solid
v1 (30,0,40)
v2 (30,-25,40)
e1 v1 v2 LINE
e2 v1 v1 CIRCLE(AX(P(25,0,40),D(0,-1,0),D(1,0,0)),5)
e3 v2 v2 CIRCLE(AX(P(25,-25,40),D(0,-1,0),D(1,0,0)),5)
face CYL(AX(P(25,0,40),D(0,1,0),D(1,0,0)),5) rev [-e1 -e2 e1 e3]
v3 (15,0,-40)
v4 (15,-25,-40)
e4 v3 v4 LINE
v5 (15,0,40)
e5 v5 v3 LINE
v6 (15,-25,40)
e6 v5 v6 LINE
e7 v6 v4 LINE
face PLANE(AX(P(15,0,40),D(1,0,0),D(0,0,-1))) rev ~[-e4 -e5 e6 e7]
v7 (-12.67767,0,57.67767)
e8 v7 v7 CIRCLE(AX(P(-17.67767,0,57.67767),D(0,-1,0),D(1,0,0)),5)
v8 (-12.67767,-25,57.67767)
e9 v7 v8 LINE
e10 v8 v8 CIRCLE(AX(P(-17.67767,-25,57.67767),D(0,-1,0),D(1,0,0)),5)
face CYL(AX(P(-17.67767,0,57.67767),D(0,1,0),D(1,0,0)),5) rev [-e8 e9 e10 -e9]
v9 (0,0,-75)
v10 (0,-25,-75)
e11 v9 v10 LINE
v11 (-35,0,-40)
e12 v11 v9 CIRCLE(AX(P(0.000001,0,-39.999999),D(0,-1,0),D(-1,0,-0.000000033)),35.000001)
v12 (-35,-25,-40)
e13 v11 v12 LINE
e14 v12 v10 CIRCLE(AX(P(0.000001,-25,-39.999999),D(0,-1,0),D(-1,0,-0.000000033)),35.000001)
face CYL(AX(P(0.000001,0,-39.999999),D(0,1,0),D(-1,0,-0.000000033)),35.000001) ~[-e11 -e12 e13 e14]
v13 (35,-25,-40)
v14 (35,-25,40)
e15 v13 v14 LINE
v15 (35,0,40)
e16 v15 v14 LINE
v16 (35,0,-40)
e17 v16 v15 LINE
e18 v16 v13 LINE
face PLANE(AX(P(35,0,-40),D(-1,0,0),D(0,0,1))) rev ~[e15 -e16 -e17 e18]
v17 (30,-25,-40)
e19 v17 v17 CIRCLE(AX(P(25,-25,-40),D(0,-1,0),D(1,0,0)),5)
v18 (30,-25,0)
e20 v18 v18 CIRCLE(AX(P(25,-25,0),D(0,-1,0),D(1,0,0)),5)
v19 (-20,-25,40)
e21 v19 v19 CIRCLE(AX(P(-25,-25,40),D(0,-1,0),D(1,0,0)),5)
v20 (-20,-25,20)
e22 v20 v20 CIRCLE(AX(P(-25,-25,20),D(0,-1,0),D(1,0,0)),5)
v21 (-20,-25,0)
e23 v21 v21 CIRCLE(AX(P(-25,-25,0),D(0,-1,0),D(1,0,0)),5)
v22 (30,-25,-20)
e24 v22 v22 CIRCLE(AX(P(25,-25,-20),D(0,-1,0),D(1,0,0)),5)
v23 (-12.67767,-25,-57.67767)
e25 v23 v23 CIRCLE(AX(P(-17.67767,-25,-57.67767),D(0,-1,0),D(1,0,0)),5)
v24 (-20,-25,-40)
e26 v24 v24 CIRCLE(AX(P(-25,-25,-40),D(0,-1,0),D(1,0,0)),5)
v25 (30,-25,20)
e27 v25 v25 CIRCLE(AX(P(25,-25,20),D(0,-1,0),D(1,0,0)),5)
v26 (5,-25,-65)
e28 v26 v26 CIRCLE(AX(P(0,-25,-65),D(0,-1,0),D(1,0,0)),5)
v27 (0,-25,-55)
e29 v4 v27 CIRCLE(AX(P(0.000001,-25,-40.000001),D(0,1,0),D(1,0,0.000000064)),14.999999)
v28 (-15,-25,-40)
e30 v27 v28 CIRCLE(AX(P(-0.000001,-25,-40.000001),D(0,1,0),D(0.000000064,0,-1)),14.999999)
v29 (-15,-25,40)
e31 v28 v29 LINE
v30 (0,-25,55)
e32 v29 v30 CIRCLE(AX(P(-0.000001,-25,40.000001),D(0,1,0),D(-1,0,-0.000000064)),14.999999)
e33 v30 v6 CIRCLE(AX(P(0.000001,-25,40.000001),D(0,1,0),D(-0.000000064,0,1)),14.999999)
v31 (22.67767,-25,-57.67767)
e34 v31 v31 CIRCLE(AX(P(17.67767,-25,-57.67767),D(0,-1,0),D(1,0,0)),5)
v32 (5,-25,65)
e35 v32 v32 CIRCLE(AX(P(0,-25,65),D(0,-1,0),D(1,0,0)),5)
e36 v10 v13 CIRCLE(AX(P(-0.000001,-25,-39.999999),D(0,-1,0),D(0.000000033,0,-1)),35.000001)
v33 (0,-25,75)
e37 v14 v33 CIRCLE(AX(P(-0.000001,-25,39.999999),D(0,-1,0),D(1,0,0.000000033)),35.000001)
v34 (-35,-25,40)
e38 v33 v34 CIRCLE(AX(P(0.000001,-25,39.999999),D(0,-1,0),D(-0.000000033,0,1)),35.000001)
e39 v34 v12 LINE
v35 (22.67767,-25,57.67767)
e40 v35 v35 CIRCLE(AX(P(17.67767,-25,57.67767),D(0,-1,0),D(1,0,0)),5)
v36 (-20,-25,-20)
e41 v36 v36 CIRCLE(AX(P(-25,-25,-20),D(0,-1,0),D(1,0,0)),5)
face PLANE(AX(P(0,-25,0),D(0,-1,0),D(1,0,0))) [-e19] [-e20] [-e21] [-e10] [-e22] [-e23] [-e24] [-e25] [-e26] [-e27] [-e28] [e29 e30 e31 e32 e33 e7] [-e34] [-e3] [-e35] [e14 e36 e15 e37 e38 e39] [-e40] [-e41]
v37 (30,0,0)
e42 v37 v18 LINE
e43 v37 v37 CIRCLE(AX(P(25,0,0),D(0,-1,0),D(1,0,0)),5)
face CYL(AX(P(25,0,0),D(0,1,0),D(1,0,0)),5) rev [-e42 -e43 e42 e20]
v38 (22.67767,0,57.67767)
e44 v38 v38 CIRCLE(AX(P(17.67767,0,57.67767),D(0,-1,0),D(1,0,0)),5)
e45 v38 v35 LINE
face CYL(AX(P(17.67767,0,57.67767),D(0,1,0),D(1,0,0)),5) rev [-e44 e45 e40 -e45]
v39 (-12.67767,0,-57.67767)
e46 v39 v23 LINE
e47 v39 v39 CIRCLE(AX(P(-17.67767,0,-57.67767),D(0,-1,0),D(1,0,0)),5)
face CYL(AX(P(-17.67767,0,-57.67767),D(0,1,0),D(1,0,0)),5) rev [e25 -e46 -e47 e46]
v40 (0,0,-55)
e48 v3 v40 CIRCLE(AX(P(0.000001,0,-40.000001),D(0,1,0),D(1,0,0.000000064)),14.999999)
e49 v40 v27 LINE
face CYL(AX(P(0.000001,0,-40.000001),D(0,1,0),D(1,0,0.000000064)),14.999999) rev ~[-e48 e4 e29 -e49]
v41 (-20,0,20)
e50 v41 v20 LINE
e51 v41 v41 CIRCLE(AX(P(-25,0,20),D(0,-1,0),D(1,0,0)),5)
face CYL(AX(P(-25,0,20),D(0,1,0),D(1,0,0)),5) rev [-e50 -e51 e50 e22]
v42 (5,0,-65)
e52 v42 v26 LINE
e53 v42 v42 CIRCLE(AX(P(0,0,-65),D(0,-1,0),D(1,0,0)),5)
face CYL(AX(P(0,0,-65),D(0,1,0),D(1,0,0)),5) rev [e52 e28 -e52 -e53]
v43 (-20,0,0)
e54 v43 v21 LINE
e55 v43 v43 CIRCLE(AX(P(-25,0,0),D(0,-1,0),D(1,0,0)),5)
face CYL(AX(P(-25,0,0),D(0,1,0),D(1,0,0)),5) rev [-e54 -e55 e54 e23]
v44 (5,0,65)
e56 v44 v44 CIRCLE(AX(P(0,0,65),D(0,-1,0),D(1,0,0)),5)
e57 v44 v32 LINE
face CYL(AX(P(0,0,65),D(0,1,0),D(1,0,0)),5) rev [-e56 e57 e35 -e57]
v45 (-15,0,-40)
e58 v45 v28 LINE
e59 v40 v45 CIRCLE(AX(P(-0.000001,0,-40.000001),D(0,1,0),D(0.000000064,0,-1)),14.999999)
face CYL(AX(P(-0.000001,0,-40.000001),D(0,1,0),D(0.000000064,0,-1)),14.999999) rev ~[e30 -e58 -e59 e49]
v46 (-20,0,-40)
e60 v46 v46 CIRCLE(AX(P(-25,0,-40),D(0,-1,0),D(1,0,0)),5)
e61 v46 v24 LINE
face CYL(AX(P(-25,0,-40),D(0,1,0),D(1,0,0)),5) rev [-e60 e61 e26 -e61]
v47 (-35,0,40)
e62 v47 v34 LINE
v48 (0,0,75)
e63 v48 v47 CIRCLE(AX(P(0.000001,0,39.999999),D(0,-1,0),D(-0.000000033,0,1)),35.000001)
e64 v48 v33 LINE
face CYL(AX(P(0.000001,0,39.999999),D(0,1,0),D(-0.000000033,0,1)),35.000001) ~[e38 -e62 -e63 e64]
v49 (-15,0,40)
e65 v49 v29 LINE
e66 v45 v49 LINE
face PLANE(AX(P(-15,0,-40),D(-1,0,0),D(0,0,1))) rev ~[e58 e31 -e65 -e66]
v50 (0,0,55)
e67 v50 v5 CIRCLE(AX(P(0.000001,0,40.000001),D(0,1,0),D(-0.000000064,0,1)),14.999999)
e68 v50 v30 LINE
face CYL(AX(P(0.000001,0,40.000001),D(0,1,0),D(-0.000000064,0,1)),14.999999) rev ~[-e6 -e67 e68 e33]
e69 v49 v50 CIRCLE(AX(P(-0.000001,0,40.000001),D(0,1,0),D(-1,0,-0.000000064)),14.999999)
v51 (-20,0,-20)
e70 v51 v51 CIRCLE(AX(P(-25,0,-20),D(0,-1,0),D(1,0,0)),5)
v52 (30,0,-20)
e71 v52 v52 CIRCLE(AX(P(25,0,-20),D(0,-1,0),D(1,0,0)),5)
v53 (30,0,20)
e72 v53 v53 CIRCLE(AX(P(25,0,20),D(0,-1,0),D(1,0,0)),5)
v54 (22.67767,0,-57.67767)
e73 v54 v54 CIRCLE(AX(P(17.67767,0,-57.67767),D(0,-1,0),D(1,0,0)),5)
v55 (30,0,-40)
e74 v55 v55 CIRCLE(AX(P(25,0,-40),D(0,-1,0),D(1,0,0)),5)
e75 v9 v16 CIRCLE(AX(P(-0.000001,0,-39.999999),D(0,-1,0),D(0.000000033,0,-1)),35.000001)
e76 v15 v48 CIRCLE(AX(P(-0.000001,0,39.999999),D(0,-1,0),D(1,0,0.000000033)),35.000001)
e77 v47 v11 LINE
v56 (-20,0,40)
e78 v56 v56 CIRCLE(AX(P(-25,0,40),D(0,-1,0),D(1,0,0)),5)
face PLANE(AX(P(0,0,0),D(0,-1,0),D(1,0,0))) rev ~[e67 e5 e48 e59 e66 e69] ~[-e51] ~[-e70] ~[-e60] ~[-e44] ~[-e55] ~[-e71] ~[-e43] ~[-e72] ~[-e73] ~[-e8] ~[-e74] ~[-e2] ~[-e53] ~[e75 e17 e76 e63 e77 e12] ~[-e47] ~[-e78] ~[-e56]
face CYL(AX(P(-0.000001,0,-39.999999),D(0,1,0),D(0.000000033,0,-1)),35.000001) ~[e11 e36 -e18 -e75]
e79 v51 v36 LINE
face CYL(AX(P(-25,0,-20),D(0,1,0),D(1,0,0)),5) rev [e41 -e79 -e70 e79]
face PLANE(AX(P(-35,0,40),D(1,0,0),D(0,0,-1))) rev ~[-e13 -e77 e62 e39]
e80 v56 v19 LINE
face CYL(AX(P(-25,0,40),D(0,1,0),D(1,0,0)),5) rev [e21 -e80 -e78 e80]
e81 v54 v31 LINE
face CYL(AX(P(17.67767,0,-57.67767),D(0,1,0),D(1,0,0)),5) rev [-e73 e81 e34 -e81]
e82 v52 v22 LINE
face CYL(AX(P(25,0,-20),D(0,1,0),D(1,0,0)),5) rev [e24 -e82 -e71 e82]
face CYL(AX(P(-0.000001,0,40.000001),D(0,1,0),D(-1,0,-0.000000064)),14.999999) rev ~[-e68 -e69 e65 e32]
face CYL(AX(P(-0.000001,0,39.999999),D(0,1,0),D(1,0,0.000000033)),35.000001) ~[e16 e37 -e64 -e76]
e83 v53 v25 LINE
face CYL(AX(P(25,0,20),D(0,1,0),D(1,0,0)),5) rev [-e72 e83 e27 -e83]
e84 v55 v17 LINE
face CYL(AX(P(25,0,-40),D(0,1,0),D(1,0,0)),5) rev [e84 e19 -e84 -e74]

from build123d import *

# Parameters (mm, degrees)
F0_R     = 5
F1_DEPTH = 25


with BuildPart() as f1:
    # F0 (on Front) → F1 (new body)
    with BuildSketch(Plane.XZ):
        with BuildLine():
            ThreePointArc((0, 75), (-24.748737, 64.748737), (-35, 40))
            Line((-35, 40), (-35, 0))
            Line((-35, 0), (-35, -40))
            ThreePointArc((-35, -40), (-24.748737, -64.748737), (0, -75))
            ThreePointArc((0, -75), (24.748737, -64.748737), (35, -40))
            Line((35, -40), (35, 0))
            Line((35, 0), (35, 40))
            ThreePointArc((35, 40), (24.748737, 64.748737), (0, 75))
        make_face()
        with Locations((-17.67767, -57.67767)):
            Circle(F0_R, mode=Mode.SUBTRACT)
        with Locations((-25, -40)):
            Circle(F0_R, mode=Mode.SUBTRACT)
        with Locations((-25, -20)):
            Circle(F0_R, mode=Mode.SUBTRACT)
        with Locations((0, -65)):
            Circle(F0_R, mode=Mode.SUBTRACT)
        with Locations((17.67767, -57.67767)):
            Circle(F0_R, mode=Mode.SUBTRACT)
        with Locations((25, -40)):
            Circle(F0_R, mode=Mode.SUBTRACT)
        with Locations((25, -20)):
            Circle(F0_R, mode=Mode.SUBTRACT)
        with Locations((-25, 0)):
            Circle(F0_R, mode=Mode.SUBTRACT)
        with Locations((-25, 20)):
            Circle(F0_R, mode=Mode.SUBTRACT)
        with Locations((-25, 40)):
            Circle(F0_R, mode=Mode.SUBTRACT)
        with Locations((-17.67767, 57.67767)):
            Circle(F0_R, mode=Mode.SUBTRACT)
        with BuildLine():
            ThreePointArc((-15, 40), (-10.606602, 50.606602), (0, 55))
            ThreePointArc((0, 55), (10.606602, 50.606602), (15, 40))
            Line((15, 40), (15, 0))
            Line((15, 0), (15, -40))
            ThreePointArc((15, -40), (10.606602, -50.606602), (0, -55))
            ThreePointArc((0, -55), (-10.606602, -50.606602), (-15, -40))
            Line((-15, -40), (-15, 0))
            Line((-15, 0), (-15, 40))
        make_face(mode=Mode.SUBTRACT)
        with Locations((25, 0)):
            Circle(F0_R, mode=Mode.SUBTRACT)
        with Locations((25, 20)):
            Circle(F0_R, mode=Mode.SUBTRACT)
        with Locations((0, 65)):
            Circle(F0_R, mode=Mode.SUBTRACT)
        with Locations((25, 40)):
            Circle(F0_R, mode=Mode.SUBTRACT)
        with Locations((17.67767, 57.67767)):
            Circle(F0_R, mode=Mode.SUBTRACT)
    extrude(amount=F1_DEPTH)


solid = f1.part
